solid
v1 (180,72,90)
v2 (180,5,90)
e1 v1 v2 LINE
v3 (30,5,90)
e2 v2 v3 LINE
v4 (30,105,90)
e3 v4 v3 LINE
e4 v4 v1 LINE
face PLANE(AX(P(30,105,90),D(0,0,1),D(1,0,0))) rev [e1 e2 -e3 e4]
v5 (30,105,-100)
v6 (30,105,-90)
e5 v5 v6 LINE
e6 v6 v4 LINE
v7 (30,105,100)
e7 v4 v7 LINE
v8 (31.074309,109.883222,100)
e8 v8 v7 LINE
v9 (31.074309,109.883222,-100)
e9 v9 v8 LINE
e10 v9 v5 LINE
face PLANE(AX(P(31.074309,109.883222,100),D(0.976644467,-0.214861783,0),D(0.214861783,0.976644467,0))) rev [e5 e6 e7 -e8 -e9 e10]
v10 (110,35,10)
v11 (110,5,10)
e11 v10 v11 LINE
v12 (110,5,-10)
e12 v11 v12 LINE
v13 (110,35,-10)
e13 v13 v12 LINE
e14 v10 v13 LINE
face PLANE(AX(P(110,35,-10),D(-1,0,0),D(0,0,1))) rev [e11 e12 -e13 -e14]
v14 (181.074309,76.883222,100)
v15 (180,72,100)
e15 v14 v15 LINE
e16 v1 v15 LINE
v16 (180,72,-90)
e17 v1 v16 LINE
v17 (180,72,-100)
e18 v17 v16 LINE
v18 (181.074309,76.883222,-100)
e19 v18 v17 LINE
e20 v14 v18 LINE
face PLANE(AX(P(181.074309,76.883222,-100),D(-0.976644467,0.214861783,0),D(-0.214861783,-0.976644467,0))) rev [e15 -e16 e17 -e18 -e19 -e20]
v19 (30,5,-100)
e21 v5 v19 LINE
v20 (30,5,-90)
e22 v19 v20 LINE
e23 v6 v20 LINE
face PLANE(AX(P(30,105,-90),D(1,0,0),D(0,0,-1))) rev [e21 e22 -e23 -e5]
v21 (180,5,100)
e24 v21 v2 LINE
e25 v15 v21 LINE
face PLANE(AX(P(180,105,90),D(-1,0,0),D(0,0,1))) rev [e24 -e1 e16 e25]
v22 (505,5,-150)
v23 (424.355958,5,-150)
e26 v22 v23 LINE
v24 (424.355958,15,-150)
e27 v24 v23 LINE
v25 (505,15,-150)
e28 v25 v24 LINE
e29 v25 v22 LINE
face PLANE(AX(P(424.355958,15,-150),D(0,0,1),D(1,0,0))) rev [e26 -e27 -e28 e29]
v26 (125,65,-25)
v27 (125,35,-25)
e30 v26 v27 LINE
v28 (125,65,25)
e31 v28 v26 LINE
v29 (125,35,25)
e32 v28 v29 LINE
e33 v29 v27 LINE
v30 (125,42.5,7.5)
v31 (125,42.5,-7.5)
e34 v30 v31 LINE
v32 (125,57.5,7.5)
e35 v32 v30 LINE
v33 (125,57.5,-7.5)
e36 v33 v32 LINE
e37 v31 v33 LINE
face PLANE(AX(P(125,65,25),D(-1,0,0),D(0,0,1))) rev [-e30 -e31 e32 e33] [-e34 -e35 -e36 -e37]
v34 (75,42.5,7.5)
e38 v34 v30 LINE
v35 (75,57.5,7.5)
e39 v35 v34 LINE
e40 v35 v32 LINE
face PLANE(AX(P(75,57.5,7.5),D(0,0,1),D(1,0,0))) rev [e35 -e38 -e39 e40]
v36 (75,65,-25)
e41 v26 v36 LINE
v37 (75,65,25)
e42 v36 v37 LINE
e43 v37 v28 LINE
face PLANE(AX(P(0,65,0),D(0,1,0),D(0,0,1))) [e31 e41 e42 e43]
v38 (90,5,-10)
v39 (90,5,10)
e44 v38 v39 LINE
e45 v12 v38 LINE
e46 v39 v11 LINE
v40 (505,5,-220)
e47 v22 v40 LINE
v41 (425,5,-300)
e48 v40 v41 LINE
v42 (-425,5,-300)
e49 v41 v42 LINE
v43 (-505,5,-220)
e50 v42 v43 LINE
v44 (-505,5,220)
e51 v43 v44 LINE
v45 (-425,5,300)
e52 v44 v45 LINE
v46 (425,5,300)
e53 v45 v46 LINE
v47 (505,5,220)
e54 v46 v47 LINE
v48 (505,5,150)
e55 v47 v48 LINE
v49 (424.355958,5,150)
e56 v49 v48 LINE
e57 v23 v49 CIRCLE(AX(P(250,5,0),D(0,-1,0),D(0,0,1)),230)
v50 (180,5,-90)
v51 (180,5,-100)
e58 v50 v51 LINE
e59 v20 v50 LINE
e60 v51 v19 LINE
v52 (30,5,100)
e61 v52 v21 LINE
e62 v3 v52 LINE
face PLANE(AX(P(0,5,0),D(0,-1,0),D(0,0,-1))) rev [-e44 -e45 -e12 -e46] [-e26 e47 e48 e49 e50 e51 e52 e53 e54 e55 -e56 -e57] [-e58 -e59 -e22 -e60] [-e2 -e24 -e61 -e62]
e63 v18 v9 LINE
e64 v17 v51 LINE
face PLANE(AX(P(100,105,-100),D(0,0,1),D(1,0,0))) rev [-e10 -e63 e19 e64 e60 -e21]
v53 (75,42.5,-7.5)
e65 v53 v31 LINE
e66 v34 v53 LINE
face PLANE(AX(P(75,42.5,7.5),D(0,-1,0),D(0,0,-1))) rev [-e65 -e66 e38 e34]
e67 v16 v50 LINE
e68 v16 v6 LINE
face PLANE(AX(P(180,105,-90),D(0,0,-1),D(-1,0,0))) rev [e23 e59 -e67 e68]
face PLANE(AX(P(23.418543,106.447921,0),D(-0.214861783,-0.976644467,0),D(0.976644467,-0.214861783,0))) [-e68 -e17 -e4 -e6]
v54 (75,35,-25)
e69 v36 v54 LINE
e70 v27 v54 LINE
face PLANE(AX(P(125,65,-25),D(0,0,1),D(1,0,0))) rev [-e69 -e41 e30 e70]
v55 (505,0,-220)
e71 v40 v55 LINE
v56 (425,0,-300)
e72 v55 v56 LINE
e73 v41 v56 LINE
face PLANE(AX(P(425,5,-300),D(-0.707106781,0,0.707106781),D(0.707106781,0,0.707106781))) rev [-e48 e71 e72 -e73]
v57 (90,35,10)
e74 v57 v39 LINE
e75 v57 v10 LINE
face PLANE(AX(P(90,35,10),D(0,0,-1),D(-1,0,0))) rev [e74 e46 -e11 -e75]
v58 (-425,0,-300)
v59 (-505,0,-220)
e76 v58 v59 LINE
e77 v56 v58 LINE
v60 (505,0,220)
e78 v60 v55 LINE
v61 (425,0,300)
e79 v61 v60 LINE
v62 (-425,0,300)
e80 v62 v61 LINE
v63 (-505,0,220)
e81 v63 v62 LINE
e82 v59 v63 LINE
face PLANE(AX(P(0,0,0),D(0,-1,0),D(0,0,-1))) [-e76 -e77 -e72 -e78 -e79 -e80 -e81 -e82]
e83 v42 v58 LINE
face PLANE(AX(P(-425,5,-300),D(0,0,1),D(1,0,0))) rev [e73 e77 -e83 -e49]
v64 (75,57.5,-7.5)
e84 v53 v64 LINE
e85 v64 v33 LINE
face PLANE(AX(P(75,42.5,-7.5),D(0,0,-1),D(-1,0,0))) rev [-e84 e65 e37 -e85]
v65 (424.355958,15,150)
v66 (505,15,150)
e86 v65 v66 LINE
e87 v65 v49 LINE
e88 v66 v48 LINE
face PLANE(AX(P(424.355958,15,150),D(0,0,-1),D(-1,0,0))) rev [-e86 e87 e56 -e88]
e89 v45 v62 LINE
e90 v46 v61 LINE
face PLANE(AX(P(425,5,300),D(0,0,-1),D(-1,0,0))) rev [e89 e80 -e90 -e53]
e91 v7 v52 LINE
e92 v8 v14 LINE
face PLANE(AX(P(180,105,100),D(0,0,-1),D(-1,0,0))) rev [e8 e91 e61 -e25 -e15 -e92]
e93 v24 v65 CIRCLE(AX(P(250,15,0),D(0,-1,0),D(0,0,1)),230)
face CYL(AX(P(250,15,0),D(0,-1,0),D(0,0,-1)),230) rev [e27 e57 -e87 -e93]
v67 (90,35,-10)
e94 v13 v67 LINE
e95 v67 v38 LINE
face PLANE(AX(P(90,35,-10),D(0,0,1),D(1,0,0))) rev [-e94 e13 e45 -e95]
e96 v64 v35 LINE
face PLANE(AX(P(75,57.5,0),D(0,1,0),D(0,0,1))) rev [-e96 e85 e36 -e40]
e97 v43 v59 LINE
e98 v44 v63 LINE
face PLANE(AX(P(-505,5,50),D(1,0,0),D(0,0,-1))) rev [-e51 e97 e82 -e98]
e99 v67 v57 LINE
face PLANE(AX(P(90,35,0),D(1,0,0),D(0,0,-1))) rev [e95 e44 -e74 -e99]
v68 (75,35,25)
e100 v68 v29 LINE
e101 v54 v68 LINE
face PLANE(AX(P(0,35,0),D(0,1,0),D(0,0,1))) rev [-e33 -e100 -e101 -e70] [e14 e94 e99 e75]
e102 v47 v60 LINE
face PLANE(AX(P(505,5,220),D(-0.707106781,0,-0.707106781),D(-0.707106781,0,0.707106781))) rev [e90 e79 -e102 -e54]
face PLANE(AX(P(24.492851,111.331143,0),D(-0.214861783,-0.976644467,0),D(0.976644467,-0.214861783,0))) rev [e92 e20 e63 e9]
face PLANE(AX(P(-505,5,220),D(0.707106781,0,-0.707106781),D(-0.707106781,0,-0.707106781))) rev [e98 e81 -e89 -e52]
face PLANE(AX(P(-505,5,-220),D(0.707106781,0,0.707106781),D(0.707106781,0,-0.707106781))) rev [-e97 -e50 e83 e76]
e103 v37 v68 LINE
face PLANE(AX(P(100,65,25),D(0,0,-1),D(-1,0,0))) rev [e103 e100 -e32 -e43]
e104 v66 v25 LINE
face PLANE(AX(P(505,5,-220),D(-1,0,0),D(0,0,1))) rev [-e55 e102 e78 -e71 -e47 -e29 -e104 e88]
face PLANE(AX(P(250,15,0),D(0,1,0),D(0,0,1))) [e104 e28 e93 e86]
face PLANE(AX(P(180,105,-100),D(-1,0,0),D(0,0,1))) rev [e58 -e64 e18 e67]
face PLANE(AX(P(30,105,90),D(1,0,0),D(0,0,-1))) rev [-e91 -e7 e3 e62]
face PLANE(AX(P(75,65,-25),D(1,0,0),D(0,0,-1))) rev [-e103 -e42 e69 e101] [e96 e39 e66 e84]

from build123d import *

# Parameters (mm, degrees)
EXTRUDE_1_DEPTH     = 5
EXTRUDE_5_DEPTH     = 30
EXTRUDE_6_DEPTH     = 30
CUT_EXTRUDE_1_DEPTH = 50
EXTRUDE_7_DEPTH     = 10
EXTRUDE_9_DEPTH     = 100
CUT_EXTRUDE_2_DEPTH = 653.725056973
SKETCH_15_W         = 153.587108834
SKETCH_15_H         = 200
EXTRUDE_11_DEPTH    = 5


with BuildPart() as part:
    # 草图1 → 凸台-拉伸1 (new body)
    with BuildSketch(Plane(origin=(0, 0, 0), x_dir=(1, 0, 0), z_dir=(0, 1, 0))):
        Polygon((-505, -50), (-505, 220), (-425, 300), (425, 300), (505, 220), (505, -10), (505, -220), (425, -300), (-425, -300), (-505, -220), align=None)
    extrude(amount=EXTRUDE_1_DEPTH)

    # 草图5 → 凸台-拉伸5 (add)
    with BuildSketch(Plane(origin=(0, 5, 0), x_dir=(1, 0, 0), z_dir=(0, 1, 0))):
        Polygon((90, 0), (90, -10), (110, -10), (110, 10), (90, 10), align=None)
    extrude(amount=EXTRUDE_5_DEPTH)

    # 草图6 → 凸台-拉伸6 (add)
    with BuildSketch(Plane(origin=(0, 35, 0), x_dir=(1, 0, 0), z_dir=(0, 1, 0))):
        Polygon((100, -25), (125, -25), (125, 25), (75, 25), (75, -25), align=None)
    extrude(amount=EXTRUDE_6_DEPTH)

    # 草图7 → 切除-拉伸1 (cut)
    with BuildSketch(Plane(origin=(125, 0, 0), x_dir=(0, 0, -1), z_dir=(1, 0, 0))):
        Polygon((0, 57.5), (-7.5, 57.5), (-7.5, 42.5), (7.5, 42.5), (7.5, 57.5), align=None)
    extrude(amount=-CUT_EXTRUDE_1_DEPTH, mode=Mode.SUBTRACT)

    # 草图8 → 凸台-拉伸7 (add)
    with BuildSketch(Plane(origin=(0, 5, 0), x_dir=(1, 0, 0), z_dir=(0, 1, 0))):
        with BuildLine():
            Line((505, 0), (505, 150))
            Line((505, 150), (424.355957742, 150))
            ThreePointArc((424.355957742, 150), (480, 0), (424.355957742, -150))
            Line((424.355957742, -150), (505, -150))
            Line((505, -150), (505, 0))
        make_face()
    extrude(amount=EXTRUDE_7_DEPTH)

    # 草图12 → 凸台-拉伸9 (add)
    with BuildSketch(Plane(origin=(0, 5, 0), x_dir=(1, 0, 0), z_dir=(0, 1, 0))):
        Polygon((30, -90), (100, -90), (180, -90), (180, -100), (100, -100), (30, -100), align=None)
        Polygon((100, 100), (30, 100), (30, 90), (100, 90), (180, 90), (180, 100), align=None)
    extrude(amount=EXTRUDE_9_DEPTH)

    # 草图13 → 切除-拉伸2 (cut, through all)
    with BuildSketch(Plane.XY.offset(100)):
        Polygon((180, 105), (180, 72), (30, 105), align=None)
    extrude(amount=-CUT_EXTRUDE_2_DEPTH, mode=Mode.SUBTRACT)

    # 草图15 → 凸台-拉伸11 (add)
    with BuildSketch(Plane(origin=(23.418542541, 106.447920641, 0), x_dir=(0.9766444667050901, -0.21486178267511977, 0), z_dir=(0.21486178267511977, 0.9766444667050901, 0))):
        with Locations((83.532401237, 0)):
            Rectangle(SKETCH_15_W, SKETCH_15_H)
    extrude(amount=EXTRUDE_11_DEPTH)


solid = part.part
